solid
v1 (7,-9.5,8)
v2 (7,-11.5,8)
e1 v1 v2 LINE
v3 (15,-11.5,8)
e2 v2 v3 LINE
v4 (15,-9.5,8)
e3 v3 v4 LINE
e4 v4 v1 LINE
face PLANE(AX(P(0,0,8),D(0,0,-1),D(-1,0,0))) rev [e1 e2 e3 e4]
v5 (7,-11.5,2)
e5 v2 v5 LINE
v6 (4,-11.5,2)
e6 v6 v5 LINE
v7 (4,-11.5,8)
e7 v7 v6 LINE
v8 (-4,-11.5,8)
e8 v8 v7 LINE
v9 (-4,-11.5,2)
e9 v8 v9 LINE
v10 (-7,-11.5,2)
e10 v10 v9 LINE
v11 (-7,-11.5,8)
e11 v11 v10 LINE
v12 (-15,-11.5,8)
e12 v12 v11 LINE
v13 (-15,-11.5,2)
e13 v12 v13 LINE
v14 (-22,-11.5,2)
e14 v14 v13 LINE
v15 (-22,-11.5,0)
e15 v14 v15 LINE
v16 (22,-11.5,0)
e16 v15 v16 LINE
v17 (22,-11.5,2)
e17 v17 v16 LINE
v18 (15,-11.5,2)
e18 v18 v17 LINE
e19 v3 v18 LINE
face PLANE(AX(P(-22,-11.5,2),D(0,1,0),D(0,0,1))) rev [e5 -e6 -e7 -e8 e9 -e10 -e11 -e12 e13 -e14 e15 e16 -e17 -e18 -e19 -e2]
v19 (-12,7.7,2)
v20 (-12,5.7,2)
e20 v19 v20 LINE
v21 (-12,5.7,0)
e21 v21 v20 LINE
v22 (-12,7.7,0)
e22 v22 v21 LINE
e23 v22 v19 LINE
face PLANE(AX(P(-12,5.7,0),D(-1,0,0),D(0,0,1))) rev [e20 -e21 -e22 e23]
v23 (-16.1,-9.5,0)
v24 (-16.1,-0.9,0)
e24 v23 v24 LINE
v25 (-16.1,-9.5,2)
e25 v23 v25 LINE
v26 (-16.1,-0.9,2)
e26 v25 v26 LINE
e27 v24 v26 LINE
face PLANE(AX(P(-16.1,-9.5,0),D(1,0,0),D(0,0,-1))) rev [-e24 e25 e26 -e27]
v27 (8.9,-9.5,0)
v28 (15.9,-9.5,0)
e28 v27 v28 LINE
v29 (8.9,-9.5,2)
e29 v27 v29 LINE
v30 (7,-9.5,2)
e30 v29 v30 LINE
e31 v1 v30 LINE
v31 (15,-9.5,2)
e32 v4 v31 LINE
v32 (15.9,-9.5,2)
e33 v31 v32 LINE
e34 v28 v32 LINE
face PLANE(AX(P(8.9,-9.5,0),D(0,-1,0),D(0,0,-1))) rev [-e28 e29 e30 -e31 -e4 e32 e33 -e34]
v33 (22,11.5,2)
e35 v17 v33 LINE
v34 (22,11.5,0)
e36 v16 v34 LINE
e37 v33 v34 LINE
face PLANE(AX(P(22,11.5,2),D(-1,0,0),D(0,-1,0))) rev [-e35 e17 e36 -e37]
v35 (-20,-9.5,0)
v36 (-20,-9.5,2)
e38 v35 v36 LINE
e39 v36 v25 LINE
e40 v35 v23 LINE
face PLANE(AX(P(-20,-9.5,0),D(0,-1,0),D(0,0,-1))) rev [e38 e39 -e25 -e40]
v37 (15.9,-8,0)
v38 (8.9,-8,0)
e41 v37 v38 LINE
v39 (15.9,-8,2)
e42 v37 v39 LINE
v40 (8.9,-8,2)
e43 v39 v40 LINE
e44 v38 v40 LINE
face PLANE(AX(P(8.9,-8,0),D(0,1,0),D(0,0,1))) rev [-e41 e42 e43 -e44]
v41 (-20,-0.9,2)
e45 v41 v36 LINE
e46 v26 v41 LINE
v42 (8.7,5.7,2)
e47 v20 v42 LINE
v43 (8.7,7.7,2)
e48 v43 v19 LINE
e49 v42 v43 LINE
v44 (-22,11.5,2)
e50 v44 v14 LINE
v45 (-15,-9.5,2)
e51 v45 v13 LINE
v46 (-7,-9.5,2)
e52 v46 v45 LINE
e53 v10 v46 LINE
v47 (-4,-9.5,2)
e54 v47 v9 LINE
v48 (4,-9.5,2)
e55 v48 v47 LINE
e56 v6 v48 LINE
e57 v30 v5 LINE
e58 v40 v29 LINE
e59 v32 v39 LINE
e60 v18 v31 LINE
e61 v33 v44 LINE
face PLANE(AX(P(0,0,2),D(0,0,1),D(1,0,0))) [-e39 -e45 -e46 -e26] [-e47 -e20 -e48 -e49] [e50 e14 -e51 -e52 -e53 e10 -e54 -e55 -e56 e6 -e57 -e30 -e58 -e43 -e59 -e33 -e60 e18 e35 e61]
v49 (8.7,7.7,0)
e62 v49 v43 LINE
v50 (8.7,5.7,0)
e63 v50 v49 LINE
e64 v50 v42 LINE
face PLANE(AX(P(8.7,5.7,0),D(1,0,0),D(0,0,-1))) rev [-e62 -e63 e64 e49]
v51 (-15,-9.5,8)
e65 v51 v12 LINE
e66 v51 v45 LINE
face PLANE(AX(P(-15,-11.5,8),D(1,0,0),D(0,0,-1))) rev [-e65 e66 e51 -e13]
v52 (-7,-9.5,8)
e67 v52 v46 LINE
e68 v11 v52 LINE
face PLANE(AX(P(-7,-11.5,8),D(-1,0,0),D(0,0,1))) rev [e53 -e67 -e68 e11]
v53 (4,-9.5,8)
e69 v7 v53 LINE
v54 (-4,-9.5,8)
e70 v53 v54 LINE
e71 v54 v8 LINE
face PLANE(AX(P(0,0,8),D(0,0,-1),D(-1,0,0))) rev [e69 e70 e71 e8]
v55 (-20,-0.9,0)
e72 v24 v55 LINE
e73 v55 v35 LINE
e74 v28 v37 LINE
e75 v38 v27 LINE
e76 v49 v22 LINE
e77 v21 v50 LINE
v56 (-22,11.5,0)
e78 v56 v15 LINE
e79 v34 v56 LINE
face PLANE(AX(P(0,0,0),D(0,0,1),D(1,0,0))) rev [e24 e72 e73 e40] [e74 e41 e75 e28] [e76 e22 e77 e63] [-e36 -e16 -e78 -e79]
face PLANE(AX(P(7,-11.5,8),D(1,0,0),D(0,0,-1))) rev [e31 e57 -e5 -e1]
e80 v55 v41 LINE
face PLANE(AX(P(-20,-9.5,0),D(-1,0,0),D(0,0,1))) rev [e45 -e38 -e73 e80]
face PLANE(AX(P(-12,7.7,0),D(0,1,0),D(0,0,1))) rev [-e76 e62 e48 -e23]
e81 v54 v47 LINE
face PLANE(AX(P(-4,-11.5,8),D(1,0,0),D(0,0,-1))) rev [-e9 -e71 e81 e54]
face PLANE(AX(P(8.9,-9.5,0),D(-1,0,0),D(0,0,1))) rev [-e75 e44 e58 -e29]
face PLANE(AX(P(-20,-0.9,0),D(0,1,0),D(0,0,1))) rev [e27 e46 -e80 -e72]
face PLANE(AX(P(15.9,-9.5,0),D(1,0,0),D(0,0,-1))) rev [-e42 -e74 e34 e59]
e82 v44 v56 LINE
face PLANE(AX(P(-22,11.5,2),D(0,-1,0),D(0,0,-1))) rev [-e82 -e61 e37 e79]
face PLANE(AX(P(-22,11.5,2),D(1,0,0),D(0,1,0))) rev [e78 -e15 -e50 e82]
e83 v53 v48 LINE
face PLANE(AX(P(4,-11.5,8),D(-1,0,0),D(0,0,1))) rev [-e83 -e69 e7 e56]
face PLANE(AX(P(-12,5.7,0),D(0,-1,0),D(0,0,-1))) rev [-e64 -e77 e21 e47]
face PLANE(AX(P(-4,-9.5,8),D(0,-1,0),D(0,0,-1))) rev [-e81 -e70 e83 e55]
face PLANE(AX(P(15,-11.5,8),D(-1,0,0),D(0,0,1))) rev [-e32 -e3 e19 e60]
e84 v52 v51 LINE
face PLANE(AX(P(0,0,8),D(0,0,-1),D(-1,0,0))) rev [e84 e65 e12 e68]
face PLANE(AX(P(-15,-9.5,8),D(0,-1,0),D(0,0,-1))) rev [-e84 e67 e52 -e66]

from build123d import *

# Parameters (mm, degrees)
SKETCH1_W           = 44
SKETCH1_H           = 23
BOSS_EXTRUDE1_DEPTH = 2
SKETCH2_W           = 3.9
SKETCH2_H           = 8.6
SKETCH2_W_2         = 7
SKETCH2_H_2         = 1.5
SKETCH2_W_3         = 20.7
SKETCH2_H_3         = 2
CUT_EXTRUDE1_DEPTH  = 2
SKETCH4_W           = 8
SKETCH4_H           = 2
BOSS_EXTRUDE2_DEPTH = 6


with BuildPart() as part:
    # Sketch1 → Boss-Extrude1 (new body)
    with BuildSketch(Plane.XY):
        Rectangle(SKETCH1_W, SKETCH1_H)
    extrude(amount=BOSS_EXTRUDE1_DEPTH)

    # Sketch2 → Cut-Extrude1 (cut)
    with BuildSketch(Plane.XY.offset(2)):
        with Locations((-18.05, -5.2)):
            Rectangle(SKETCH2_W, SKETCH2_H)
        with Locations((12.4, -8.75)):
            Rectangle(SKETCH2_W_2, SKETCH2_H_2)
        with Locations((-1.65, 6.7)):
            Rectangle(SKETCH2_W_3, SKETCH2_H_3)
    extrude(amount=-CUT_EXTRUDE1_DEPTH, mode=Mode.SUBTRACT)

    # Sketch4 → Boss-Extrude2 (add)
    with BuildSketch(Plane.XY.offset(2)):
        with Locations((-11, -10.5)):
            Rectangle(SKETCH4_W, SKETCH4_H)
        with Locations((0, -10.5)):
            Rectangle(SKETCH4_W, SKETCH4_H)
        with Locations((11, -10.5)):
            Rectangle(SKETCH4_W, SKETCH4_H)
    extrude(amount=BOSS_EXTRUDE2_DEPTH)


solid = part.part
